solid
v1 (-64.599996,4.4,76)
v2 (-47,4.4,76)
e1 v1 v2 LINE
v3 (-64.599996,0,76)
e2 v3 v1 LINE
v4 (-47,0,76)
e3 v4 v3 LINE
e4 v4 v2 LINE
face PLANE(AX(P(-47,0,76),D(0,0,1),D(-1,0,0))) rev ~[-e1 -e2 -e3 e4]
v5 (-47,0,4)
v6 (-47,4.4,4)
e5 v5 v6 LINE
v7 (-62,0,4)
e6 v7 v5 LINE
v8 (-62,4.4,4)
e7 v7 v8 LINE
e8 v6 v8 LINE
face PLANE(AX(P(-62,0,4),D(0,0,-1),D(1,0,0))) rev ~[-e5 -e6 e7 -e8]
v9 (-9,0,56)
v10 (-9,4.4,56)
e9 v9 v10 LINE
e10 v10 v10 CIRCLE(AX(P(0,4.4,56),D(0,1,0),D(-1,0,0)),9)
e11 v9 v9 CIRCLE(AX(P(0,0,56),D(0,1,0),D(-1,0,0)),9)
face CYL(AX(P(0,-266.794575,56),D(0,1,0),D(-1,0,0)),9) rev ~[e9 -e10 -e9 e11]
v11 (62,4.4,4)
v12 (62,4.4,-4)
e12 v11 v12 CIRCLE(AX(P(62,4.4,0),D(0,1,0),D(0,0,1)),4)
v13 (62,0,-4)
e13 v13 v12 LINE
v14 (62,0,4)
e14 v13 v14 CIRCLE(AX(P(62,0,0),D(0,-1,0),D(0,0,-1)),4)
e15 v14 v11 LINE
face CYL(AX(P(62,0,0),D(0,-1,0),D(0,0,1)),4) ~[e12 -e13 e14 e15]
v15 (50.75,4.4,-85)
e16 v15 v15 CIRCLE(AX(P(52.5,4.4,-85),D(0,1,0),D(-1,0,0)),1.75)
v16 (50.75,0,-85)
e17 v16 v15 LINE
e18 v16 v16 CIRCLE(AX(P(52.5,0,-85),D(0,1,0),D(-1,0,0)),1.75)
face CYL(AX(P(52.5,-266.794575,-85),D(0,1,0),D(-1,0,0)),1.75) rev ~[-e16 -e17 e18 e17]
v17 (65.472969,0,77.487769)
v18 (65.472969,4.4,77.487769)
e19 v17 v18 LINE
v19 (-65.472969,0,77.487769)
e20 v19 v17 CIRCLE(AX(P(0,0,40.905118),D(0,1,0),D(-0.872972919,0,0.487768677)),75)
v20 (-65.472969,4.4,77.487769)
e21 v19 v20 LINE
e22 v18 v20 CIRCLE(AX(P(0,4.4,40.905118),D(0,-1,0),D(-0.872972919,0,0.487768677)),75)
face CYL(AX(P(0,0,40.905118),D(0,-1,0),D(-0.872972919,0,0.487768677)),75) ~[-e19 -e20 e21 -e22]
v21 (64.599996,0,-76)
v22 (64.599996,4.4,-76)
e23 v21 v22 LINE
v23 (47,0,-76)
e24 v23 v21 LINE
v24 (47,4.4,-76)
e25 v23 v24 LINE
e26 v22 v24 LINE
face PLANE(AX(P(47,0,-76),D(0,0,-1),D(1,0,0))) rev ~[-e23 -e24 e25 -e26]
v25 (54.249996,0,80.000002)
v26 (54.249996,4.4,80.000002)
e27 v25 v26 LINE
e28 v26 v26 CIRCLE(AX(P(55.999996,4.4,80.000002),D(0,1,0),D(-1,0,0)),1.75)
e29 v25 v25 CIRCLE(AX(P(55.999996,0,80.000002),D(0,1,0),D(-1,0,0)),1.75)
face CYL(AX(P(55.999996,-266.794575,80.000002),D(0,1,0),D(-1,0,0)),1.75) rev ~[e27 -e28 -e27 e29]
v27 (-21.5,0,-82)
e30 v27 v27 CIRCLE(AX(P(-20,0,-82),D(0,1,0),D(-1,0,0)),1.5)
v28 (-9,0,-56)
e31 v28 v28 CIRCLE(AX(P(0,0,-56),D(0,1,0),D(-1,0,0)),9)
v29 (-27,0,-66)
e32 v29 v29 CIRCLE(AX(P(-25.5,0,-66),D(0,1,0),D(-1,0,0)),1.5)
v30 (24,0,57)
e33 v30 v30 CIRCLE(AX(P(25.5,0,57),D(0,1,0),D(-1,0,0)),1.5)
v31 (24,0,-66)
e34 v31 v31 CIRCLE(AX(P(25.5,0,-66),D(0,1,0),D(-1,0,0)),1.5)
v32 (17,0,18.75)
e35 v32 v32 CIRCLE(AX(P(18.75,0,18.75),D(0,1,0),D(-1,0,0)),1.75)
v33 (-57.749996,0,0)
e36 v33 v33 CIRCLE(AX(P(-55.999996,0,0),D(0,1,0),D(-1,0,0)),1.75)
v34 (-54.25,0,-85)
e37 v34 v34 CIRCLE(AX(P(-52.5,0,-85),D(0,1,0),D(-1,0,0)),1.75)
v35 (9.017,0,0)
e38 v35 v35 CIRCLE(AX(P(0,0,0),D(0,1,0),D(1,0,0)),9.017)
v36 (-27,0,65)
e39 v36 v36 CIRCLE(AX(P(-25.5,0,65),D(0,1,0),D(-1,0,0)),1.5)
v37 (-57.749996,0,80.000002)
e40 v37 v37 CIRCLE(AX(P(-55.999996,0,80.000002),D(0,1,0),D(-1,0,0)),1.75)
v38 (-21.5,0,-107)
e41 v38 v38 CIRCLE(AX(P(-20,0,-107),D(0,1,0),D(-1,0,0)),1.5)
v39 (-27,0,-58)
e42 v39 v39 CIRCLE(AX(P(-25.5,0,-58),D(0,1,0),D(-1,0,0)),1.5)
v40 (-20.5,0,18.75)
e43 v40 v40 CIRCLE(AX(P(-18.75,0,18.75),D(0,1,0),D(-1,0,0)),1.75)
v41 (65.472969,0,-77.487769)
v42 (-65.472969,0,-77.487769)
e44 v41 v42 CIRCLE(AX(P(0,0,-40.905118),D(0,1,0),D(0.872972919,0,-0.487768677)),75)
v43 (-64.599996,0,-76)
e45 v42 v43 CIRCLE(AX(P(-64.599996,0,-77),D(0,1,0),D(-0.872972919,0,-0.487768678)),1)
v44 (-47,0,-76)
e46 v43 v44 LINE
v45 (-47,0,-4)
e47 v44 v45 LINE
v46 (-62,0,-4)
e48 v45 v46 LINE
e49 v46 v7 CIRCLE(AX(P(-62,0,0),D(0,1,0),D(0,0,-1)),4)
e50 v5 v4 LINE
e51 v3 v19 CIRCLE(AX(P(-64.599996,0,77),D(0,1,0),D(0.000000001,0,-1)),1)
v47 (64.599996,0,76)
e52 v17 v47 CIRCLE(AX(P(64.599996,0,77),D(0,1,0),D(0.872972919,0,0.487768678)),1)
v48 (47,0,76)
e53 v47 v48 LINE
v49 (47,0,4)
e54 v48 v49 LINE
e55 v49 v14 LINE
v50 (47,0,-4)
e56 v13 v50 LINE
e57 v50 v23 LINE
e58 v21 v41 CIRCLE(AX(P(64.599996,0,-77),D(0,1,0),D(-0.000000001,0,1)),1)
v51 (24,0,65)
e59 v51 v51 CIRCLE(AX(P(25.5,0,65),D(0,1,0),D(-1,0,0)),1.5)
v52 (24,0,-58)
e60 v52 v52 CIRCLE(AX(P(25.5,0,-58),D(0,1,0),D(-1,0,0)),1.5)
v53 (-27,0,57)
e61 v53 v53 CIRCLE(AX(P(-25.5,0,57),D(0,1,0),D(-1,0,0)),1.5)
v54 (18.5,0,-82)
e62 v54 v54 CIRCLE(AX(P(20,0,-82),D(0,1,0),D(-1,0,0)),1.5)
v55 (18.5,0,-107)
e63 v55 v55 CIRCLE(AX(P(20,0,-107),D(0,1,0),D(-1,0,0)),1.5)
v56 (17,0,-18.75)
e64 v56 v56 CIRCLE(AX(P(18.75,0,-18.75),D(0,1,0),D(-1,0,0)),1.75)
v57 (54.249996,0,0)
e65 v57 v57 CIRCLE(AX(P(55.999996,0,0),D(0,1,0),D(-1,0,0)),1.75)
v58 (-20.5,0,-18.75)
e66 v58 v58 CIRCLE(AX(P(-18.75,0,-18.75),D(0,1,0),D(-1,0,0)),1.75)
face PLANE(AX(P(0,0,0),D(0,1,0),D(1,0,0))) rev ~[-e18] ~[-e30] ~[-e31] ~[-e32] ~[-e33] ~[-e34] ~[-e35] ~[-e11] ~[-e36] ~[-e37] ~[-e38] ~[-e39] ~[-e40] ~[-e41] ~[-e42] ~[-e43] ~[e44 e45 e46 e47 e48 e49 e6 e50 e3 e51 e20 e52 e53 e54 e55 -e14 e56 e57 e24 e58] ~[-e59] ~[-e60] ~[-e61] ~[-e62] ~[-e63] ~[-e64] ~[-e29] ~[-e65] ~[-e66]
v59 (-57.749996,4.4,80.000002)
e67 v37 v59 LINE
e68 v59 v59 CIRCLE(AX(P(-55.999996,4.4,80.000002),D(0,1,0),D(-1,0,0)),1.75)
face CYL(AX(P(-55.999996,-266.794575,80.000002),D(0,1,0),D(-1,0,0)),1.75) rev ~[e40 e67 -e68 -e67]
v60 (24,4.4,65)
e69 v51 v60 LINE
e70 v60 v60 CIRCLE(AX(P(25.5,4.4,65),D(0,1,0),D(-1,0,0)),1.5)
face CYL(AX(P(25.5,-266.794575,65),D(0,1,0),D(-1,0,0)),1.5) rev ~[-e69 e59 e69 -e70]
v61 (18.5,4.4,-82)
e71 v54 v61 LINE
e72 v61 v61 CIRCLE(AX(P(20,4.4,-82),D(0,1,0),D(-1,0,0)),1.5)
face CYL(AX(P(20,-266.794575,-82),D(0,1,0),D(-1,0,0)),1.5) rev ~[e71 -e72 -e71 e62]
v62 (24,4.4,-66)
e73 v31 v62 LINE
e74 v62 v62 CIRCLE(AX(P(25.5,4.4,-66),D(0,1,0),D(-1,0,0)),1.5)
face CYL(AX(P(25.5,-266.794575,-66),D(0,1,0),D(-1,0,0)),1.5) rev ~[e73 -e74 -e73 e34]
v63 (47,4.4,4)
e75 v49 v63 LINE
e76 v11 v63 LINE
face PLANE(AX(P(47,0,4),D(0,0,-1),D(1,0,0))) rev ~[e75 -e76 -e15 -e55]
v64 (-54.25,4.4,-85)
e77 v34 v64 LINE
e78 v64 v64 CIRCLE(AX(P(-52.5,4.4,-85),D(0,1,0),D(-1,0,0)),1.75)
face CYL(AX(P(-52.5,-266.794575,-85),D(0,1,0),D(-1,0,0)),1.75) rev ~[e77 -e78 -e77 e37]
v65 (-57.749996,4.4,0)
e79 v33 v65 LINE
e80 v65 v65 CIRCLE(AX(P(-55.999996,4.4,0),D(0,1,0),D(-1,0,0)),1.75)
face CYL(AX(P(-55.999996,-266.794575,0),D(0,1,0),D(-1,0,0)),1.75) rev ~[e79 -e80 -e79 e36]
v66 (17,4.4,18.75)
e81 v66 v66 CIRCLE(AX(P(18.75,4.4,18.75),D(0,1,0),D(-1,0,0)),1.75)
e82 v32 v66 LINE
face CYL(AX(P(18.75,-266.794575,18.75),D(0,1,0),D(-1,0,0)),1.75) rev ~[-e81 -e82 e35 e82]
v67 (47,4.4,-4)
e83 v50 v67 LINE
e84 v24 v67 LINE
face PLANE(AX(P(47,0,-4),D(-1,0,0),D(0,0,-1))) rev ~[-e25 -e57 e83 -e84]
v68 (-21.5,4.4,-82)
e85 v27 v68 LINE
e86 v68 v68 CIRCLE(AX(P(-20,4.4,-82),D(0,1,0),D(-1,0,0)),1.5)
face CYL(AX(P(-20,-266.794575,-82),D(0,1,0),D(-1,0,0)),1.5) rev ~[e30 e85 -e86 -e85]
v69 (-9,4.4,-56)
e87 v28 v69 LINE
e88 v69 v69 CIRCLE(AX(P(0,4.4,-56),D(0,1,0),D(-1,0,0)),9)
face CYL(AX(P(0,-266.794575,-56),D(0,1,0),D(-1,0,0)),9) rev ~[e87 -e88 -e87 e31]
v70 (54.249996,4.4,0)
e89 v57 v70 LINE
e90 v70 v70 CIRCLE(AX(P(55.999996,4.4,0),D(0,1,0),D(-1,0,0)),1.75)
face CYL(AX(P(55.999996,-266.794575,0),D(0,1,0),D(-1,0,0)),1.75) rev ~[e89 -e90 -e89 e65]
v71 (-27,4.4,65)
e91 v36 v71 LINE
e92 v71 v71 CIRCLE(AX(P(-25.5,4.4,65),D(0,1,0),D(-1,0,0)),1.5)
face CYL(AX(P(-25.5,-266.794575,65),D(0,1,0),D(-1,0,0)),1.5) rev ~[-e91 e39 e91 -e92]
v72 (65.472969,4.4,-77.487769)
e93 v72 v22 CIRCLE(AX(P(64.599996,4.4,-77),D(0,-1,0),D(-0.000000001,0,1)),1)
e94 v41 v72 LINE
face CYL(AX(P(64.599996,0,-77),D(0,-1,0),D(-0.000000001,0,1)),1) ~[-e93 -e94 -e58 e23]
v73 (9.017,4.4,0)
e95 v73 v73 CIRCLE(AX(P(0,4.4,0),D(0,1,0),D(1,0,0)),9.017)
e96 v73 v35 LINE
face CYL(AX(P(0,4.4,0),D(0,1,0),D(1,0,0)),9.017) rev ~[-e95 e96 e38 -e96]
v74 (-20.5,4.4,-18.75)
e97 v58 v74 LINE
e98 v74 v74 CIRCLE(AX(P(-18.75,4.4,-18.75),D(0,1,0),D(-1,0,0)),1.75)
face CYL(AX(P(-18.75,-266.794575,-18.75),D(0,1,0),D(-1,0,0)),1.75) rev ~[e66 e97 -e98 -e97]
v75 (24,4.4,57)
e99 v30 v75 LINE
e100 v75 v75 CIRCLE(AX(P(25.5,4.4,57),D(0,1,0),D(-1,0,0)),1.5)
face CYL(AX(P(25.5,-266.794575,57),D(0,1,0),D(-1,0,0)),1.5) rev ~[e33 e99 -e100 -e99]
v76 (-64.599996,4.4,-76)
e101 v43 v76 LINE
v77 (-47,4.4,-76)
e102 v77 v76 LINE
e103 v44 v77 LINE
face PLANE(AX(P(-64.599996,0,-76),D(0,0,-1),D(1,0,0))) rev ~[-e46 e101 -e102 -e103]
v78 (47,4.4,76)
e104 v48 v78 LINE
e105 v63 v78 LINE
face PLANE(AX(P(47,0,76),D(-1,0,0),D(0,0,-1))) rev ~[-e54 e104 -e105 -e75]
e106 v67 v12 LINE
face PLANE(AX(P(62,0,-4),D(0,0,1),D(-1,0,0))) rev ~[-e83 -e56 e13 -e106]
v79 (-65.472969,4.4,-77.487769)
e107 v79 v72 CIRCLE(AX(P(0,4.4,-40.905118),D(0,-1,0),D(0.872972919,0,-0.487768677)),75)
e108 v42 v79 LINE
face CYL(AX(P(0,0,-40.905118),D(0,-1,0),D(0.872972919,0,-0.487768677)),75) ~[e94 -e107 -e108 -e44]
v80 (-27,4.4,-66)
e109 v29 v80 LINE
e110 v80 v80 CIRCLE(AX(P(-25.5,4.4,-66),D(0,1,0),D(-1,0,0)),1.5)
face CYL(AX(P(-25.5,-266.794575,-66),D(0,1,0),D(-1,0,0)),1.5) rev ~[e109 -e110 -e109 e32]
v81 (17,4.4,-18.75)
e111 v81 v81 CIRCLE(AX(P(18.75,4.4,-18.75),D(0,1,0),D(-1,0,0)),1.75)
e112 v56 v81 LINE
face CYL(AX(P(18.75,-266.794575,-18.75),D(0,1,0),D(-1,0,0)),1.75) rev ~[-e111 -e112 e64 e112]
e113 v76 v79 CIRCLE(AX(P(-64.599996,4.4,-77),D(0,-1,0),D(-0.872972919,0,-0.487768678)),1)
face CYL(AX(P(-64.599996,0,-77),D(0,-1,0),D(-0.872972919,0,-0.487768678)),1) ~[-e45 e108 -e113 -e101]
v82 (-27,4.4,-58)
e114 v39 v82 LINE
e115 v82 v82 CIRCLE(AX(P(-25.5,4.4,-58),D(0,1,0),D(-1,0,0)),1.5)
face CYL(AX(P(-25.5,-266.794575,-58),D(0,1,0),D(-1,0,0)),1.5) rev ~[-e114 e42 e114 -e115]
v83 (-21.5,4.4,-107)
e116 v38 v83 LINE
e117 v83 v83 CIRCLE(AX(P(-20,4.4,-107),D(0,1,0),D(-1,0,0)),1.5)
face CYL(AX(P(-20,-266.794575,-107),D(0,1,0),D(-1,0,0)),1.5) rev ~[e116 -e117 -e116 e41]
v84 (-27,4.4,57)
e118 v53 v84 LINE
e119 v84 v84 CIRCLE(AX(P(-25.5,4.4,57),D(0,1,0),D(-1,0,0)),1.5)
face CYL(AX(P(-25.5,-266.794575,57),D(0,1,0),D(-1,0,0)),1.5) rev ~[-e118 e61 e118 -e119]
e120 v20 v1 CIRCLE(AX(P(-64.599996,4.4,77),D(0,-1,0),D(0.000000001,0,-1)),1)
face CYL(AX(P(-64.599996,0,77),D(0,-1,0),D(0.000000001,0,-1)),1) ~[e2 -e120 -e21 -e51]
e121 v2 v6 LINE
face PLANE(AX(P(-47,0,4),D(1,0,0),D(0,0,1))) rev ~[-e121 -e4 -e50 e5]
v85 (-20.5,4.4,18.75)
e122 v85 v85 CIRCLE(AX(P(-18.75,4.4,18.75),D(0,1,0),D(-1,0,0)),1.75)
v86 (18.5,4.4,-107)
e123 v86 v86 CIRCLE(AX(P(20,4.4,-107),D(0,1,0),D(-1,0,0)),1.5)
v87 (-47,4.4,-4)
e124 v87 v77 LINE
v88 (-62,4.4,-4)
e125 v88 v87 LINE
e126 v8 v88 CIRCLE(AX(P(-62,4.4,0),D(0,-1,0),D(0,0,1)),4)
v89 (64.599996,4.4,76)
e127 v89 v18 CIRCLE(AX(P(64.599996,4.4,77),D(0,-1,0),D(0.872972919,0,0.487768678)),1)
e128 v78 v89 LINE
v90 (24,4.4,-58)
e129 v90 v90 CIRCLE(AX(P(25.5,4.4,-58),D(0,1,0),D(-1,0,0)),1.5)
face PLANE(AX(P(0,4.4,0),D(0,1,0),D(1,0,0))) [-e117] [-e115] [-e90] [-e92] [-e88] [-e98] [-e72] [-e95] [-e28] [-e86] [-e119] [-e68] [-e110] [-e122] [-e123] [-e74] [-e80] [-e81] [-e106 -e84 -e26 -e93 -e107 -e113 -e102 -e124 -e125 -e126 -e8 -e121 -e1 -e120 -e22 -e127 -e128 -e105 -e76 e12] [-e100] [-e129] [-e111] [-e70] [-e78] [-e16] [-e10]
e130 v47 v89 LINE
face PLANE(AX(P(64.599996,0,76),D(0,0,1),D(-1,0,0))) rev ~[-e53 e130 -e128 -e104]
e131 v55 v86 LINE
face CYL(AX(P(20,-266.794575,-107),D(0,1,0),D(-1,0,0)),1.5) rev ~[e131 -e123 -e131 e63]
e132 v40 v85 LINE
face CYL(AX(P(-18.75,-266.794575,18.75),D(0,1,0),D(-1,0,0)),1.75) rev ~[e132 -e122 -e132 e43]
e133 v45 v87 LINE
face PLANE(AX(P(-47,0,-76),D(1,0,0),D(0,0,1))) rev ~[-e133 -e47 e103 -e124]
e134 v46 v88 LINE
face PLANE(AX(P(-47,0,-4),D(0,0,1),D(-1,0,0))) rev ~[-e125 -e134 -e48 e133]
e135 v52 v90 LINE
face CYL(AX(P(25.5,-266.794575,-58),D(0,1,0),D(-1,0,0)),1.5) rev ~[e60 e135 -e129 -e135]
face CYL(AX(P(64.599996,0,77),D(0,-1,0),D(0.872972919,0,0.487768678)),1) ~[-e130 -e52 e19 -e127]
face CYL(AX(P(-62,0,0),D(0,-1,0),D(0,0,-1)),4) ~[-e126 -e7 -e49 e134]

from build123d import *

# Parameters (mm, degrees)
SKETCH2_W                  = 132
SKETCH2_H                  = 232
PLATE_SIZE_DEPTH           = 4.4
SKETCH4_OUTSIDE_W          = 187.392
SKETCH4_OUTSIDE_H          = 287.392
OUTER_PROFILE_DEPTH        = 5.4
M3_CLEARANCE_HOLE1_D       = 3.5
F_18_0_18_DIAMETER_HOLE4_D = 18
M3_CLEARANCE_HOLE2_D       = 3.5
M3_CLEARANCE_HOLE3_D       = 3
M3_CLEARANCE_HOLE4_D       = 3
SKETCH17_R                 = 9.017
CUT_EXTRUDE1_DEPTH         = 53.34


with BuildPart() as part:
    # Sketch2 → Plate Size (new body)
    with BuildSketch(Plane(origin=(0, 0, 0), x_dir=(1, 0, 0), z_dir=(0, 1, 0))):
        Rectangle(SKETCH2_W, SKETCH2_H)
    extrude(amount=PLATE_SIZE_DEPTH)

    # Sketch4 outside → Outer Profile (cut, through all)
    with BuildSketch(Plane(origin=(0, 0, 0), x_dir=(1, 0, 0), z_dir=(0, 1, 0))):
        Rectangle(SKETCH4_OUTSIDE_W, SKETCH4_OUTSIDE_H)
        with BuildLine():
            Line((-64.599996007, 76), (-47, 76))
            Line((-47, 76), (-47, 4))
            Line((-47, 4), (-62, 4))
            ThreePointArc((-62, 4), (-66, 0), (-62, -4))
            Line((-62, -4), (-47, -4))
            Line((-47, -4), (-47, -76))
            Line((-47, -76), (-64.599996007, -76))
            ThreePointArc((-64.599996007, -76), (-65.462483305, -76.493921289), (-65.472968926, -77.487768677))
            ThreePointArc((-65.472968926, -77.487768677), (0, -115.905117871), (65.472968926, -77.487768677))
            ThreePointArc((65.472968926, -77.487768677), (65.462483305, -76.493921289), (64.599996007, -76))
            Line((64.599996007, -76), (47, -76))
            Line((47, -76), (47, -4))
            Line((47, -4), (62, -4))
            ThreePointArc((62, -4), (66, 0), (62, 4))
            Line((62, 4), (47, 4))
            Line((47, 4), (47, 76))
            Line((47, 76), (64.599996007, 76))
            ThreePointArc((64.599996007, 76), (65.462483305, 76.493921289), (65.472968926, 77.487768677))
            ThreePointArc((65.472968926, 77.487768677), (0, 115.905117871), (-65.472968926, 77.487768677))
            ThreePointArc((-65.472968926, 77.487768677), (-65.462483305, 76.493921289), (-64.599996007, 76))
        make_face(mode=Mode.SUBTRACT)
    extrude(amount=OUTER_PROFILE_DEPTH, mode=Mode.SUBTRACT)

    # M3 Clearance Hole1 (through all)
    with Locations(Plane.XZ):
        with Locations((-55.999996141, 80.000001937), (55.999996141, 80.000001937), (-52.5, -85), (52.5, -85), (-55.999996141, 0), (55.999996141, 0)):
            Hole(M3_CLEARANCE_HOLE1_D / 2)

    # Ø18.0 (18) Diameter Hole4 (through all)
    with Locations(Plane.XZ):
        with Locations((0, -56), (0, 56)):
            Hole(F_18_0_18_DIAMETER_HOLE4_D / 2)

    # M3 Clearance Hole2 (through all)
    with Locations(Plane.XZ):
        with Locations((18.75, -18.75), (-18.75, 18.75), (18.75, 18.75), (-18.75, -18.75)):
            Hole(M3_CLEARANCE_HOLE2_D / 2)

    # M3 Clearance Hole3 (through all)
    with Locations(Plane.XZ):
        with Locations((-25.5, -66.00000008), (25.5, 65.00000008), (-25.5, 65.00000008), (25.5, -66.00000008), (-25.5, -58.00000008), (25.5, -58.00000008), (25.5, 57.00000008), (-25.5, 57.00000008)):
            Hole(M3_CLEARANCE_HOLE3_D / 2)

    # M3 Clearance Hole4 (through all)
    with Locations(Plane.XZ):
        with Locations((-20, -107), (20, -107), (-20, -82), (20, -82)):
            Hole(M3_CLEARANCE_HOLE4_D / 2)

    # Sketch17 → Cut-Extrude1 (cut)
    with BuildSketch(Plane(origin=(0, 4.4, 0), x_dir=(1, 0, 0), z_dir=(0, 1, 0))):
        Circle(SKETCH17_R)
    extrude(amount=-CUT_EXTRUDE1_DEPTH, mode=Mode.SUBTRACT)


solid = part.part
